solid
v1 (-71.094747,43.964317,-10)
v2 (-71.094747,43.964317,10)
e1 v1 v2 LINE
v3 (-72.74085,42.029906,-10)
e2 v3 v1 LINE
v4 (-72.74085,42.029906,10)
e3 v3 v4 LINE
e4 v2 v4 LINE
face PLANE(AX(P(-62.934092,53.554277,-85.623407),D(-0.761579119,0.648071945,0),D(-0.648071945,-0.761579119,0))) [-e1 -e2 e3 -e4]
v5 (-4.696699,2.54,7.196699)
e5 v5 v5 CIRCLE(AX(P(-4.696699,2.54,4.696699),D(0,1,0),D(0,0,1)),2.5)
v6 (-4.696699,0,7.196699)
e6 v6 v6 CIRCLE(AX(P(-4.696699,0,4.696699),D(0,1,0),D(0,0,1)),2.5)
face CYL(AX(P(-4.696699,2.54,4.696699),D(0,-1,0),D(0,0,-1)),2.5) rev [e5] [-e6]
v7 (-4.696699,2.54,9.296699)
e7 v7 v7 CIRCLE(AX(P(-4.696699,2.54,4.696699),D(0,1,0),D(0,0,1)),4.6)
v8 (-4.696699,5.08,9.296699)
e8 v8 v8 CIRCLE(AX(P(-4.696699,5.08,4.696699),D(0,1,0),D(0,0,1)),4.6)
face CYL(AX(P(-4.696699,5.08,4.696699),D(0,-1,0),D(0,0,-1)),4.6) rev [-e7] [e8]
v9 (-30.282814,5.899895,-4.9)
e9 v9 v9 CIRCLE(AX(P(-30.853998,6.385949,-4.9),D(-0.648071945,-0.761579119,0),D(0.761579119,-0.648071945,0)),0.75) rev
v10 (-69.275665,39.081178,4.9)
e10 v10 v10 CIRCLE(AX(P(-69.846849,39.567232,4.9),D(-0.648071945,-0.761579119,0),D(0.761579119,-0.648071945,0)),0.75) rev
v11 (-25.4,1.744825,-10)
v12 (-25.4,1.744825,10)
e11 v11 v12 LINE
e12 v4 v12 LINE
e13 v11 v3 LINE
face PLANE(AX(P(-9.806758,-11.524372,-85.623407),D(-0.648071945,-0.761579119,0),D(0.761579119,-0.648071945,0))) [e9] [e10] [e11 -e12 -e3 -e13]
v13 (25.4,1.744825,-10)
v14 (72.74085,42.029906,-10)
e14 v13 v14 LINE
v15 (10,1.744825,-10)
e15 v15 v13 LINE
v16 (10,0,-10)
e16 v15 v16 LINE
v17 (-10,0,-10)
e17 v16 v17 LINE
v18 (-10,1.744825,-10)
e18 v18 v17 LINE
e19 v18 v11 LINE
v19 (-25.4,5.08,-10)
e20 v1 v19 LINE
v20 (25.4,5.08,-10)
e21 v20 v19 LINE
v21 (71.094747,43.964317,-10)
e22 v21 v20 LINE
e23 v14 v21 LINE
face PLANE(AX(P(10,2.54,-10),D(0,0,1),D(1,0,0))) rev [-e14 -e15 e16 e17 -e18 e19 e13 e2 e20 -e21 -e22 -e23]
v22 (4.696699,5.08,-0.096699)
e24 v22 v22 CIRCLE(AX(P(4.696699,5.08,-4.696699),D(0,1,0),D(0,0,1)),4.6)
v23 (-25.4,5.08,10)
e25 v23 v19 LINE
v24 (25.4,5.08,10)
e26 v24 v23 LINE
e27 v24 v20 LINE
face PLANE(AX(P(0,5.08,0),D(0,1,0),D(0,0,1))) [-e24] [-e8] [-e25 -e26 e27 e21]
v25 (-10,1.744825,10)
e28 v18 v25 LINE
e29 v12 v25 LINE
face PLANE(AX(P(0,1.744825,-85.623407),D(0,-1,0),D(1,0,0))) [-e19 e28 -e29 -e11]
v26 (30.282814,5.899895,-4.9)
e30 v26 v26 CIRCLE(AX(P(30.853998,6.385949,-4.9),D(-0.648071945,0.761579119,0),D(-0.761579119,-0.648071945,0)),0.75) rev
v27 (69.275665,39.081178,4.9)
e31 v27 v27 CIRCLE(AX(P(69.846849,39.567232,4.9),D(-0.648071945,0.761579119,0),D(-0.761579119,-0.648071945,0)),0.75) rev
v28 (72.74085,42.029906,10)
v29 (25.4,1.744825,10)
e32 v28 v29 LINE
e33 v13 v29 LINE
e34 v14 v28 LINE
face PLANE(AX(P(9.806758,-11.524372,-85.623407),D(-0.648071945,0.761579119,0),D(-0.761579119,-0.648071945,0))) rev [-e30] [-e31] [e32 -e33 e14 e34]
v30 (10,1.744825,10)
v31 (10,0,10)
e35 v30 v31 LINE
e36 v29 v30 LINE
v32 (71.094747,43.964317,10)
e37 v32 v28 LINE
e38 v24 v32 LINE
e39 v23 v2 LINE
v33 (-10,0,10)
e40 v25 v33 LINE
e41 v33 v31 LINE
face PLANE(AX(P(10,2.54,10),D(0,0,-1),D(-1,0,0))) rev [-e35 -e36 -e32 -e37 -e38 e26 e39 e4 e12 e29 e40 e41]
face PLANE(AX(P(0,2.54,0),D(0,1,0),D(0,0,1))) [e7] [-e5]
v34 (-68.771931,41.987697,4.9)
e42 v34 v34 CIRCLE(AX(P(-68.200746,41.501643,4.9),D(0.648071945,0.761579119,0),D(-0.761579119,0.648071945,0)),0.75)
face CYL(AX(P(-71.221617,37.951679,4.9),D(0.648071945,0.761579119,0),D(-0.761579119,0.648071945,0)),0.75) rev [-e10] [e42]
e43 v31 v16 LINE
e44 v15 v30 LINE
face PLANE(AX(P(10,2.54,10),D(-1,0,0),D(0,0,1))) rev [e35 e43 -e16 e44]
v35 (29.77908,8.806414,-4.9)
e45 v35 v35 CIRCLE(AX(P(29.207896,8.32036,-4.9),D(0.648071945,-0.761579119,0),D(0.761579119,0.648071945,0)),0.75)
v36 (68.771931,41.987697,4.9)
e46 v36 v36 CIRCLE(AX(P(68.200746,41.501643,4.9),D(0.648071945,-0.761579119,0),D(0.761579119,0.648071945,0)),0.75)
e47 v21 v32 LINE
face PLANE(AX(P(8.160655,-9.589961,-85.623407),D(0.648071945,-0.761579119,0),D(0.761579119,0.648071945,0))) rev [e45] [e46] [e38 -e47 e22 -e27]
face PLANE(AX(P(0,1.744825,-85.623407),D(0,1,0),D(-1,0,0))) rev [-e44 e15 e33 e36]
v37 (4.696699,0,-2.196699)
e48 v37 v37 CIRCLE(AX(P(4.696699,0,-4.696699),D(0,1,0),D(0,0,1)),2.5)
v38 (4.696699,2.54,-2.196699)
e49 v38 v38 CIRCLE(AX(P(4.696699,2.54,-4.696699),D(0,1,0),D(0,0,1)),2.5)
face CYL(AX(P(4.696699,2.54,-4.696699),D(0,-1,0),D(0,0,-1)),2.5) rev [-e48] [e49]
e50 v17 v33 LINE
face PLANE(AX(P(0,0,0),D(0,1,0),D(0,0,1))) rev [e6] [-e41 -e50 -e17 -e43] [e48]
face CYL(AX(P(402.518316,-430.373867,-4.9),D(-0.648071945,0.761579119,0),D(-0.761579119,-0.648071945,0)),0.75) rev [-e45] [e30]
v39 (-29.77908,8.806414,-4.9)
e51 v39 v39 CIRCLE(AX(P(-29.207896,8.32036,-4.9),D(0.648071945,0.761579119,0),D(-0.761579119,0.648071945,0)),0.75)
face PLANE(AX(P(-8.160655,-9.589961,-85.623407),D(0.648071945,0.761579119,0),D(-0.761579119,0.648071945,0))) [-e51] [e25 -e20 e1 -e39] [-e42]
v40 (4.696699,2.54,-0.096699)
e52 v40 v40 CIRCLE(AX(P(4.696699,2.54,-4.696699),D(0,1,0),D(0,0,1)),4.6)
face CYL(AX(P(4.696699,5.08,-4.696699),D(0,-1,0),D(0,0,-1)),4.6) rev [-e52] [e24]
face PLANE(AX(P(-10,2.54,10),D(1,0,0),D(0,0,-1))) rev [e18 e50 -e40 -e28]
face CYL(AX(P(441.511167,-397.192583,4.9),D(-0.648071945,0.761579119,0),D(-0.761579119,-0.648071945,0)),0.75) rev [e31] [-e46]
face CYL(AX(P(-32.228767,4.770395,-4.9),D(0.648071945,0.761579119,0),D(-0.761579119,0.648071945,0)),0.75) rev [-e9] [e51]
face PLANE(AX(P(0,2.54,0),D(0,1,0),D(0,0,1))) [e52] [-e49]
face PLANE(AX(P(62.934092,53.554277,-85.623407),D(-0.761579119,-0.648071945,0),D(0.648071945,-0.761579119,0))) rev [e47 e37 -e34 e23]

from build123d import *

# Parameters (mm, degrees)
SKETCH1_W           = 20
SKETCH1_H           = 20
SKETCH1_R           = 2.5
BOSS_EXTRUDE1_DEPTH = 2.54
SKETCH2_W           = 15.4
SKETCH2_H           = 20
SKETCH2_W_2         = 20
SKETCH2_R           = 4.6
BOSS_EXTRUDE2_DEPTH = 2.54
BOSS_EXTRUDE3_DEPTH = 20
SKETCH4_R           = 0.75
CUT_EXTRUDE1_DEPTH  = 257.103477181


with BuildPart() as part:
    # Sketch1 → Boss-Extrude1 (new body)
    with BuildSketch(Plane(origin=(0, 0, 0), x_dir=(1, 0, 0), z_dir=(0, 1, 0))):
        Rectangle(SKETCH1_W, SKETCH1_H)
        with Locations(Location((4.696699141, 4.696699141, 0), (0, 0, 270))):
            Circle(SKETCH1_R, mode=Mode.SUBTRACT)
        with Locations(Location((-4.696699141, -4.696699141, 0), (0, 0, 270))):
            Circle(SKETCH1_R, mode=Mode.SUBTRACT)
    extrude(amount=BOSS_EXTRUDE1_DEPTH)

    # Sketch2 → Boss-Extrude2 (add)
    # profile 1 of 3: a face of its own
    with BuildSketch(Plane(origin=(0, 2.54, 0), x_dir=(1, 0, 0), z_dir=(0, 1, 0))):
        with Locations((-17.7, 0)):
            Rectangle(SKETCH2_W, SKETCH2_H)
    # profile 2 of 3: a face of its own
    with BuildSketch(Plane(origin=(0, 2.54, 0), x_dir=(1, 0, 0), z_dir=(0, 1, 0))):
        Rectangle(SKETCH2_W_2, SKETCH2_H)
        with Locations(Location((-4.696699141, -4.696699141, 0), (0, 0, 270))):
            Circle(SKETCH2_R, mode=Mode.SUBTRACT)
        with Locations(Location((4.696699141, 4.696699141, 0), (0, 0, 270))):
            Circle(SKETCH2_R, mode=Mode.SUBTRACT)
    # profile 3 of 3: a face of its own
    with BuildSketch(Plane(origin=(0, 2.54, 0), x_dir=(1, 0, 0), z_dir=(0, 1, 0))):
        with Locations((17.7, 0)):
            Rectangle(SKETCH2_W, SKETCH2_H)
    extrude(amount=BOSS_EXTRUDE2_DEPTH)

    # Sketch3 → Boss-Extrude3 (add)
    with BuildSketch(Plane.XY.offset(10)):
        Polygon((-25.4, 2.54), (-25.4, 5.08), (-71.094747123, 43.964316702), (-72.740849863, 42.02990574), (-25.4, 1.744824524), (-10, 1.744824524), (-10, 2.54), align=None)
        Polygon((71.094747123, 43.964316702), (25.4, 5.08), (25.4, 2.54), (10, 2.54), (10, 1.744824524), (25.4, 1.744824524), (72.740849863, 42.02990574), align=None)
    extrude(amount=-BOSS_EXTRUDE3_DEPTH)

    # Sketch4 → Cut-Extrude1 (cut)
    with BuildSketch(Plane(origin=(-8.160655098, -9.589960753, 0), x_dir=(0.7615791187140926, -0.6480719450328537, 0), z_dir=(0.6480719450328537, 0.7615791187140926, 0))):
        with Locations(Location((-27.636315096, 4.9, 0), (0, 0, 180))):
            Circle(SKETCH4_R)
        with Locations(Location((-78.836315096, -4.9, 0), (0, 0, 180))):
            Circle(SKETCH4_R)
    cut_extrude1 = extrude(amount=-CUT_EXTRUDE1_DEPTH, mode=Mode.SUBTRACT)

    # Mirror1: Cut-Extrude1 across plane
    add(cut_extrude1.mirror(Plane(origin=(0, 0, 0), x_dir=(0, 0, 1), z_dir=(1, 0, 0))), mode=Mode.SUBTRACT)


solid = part.part
